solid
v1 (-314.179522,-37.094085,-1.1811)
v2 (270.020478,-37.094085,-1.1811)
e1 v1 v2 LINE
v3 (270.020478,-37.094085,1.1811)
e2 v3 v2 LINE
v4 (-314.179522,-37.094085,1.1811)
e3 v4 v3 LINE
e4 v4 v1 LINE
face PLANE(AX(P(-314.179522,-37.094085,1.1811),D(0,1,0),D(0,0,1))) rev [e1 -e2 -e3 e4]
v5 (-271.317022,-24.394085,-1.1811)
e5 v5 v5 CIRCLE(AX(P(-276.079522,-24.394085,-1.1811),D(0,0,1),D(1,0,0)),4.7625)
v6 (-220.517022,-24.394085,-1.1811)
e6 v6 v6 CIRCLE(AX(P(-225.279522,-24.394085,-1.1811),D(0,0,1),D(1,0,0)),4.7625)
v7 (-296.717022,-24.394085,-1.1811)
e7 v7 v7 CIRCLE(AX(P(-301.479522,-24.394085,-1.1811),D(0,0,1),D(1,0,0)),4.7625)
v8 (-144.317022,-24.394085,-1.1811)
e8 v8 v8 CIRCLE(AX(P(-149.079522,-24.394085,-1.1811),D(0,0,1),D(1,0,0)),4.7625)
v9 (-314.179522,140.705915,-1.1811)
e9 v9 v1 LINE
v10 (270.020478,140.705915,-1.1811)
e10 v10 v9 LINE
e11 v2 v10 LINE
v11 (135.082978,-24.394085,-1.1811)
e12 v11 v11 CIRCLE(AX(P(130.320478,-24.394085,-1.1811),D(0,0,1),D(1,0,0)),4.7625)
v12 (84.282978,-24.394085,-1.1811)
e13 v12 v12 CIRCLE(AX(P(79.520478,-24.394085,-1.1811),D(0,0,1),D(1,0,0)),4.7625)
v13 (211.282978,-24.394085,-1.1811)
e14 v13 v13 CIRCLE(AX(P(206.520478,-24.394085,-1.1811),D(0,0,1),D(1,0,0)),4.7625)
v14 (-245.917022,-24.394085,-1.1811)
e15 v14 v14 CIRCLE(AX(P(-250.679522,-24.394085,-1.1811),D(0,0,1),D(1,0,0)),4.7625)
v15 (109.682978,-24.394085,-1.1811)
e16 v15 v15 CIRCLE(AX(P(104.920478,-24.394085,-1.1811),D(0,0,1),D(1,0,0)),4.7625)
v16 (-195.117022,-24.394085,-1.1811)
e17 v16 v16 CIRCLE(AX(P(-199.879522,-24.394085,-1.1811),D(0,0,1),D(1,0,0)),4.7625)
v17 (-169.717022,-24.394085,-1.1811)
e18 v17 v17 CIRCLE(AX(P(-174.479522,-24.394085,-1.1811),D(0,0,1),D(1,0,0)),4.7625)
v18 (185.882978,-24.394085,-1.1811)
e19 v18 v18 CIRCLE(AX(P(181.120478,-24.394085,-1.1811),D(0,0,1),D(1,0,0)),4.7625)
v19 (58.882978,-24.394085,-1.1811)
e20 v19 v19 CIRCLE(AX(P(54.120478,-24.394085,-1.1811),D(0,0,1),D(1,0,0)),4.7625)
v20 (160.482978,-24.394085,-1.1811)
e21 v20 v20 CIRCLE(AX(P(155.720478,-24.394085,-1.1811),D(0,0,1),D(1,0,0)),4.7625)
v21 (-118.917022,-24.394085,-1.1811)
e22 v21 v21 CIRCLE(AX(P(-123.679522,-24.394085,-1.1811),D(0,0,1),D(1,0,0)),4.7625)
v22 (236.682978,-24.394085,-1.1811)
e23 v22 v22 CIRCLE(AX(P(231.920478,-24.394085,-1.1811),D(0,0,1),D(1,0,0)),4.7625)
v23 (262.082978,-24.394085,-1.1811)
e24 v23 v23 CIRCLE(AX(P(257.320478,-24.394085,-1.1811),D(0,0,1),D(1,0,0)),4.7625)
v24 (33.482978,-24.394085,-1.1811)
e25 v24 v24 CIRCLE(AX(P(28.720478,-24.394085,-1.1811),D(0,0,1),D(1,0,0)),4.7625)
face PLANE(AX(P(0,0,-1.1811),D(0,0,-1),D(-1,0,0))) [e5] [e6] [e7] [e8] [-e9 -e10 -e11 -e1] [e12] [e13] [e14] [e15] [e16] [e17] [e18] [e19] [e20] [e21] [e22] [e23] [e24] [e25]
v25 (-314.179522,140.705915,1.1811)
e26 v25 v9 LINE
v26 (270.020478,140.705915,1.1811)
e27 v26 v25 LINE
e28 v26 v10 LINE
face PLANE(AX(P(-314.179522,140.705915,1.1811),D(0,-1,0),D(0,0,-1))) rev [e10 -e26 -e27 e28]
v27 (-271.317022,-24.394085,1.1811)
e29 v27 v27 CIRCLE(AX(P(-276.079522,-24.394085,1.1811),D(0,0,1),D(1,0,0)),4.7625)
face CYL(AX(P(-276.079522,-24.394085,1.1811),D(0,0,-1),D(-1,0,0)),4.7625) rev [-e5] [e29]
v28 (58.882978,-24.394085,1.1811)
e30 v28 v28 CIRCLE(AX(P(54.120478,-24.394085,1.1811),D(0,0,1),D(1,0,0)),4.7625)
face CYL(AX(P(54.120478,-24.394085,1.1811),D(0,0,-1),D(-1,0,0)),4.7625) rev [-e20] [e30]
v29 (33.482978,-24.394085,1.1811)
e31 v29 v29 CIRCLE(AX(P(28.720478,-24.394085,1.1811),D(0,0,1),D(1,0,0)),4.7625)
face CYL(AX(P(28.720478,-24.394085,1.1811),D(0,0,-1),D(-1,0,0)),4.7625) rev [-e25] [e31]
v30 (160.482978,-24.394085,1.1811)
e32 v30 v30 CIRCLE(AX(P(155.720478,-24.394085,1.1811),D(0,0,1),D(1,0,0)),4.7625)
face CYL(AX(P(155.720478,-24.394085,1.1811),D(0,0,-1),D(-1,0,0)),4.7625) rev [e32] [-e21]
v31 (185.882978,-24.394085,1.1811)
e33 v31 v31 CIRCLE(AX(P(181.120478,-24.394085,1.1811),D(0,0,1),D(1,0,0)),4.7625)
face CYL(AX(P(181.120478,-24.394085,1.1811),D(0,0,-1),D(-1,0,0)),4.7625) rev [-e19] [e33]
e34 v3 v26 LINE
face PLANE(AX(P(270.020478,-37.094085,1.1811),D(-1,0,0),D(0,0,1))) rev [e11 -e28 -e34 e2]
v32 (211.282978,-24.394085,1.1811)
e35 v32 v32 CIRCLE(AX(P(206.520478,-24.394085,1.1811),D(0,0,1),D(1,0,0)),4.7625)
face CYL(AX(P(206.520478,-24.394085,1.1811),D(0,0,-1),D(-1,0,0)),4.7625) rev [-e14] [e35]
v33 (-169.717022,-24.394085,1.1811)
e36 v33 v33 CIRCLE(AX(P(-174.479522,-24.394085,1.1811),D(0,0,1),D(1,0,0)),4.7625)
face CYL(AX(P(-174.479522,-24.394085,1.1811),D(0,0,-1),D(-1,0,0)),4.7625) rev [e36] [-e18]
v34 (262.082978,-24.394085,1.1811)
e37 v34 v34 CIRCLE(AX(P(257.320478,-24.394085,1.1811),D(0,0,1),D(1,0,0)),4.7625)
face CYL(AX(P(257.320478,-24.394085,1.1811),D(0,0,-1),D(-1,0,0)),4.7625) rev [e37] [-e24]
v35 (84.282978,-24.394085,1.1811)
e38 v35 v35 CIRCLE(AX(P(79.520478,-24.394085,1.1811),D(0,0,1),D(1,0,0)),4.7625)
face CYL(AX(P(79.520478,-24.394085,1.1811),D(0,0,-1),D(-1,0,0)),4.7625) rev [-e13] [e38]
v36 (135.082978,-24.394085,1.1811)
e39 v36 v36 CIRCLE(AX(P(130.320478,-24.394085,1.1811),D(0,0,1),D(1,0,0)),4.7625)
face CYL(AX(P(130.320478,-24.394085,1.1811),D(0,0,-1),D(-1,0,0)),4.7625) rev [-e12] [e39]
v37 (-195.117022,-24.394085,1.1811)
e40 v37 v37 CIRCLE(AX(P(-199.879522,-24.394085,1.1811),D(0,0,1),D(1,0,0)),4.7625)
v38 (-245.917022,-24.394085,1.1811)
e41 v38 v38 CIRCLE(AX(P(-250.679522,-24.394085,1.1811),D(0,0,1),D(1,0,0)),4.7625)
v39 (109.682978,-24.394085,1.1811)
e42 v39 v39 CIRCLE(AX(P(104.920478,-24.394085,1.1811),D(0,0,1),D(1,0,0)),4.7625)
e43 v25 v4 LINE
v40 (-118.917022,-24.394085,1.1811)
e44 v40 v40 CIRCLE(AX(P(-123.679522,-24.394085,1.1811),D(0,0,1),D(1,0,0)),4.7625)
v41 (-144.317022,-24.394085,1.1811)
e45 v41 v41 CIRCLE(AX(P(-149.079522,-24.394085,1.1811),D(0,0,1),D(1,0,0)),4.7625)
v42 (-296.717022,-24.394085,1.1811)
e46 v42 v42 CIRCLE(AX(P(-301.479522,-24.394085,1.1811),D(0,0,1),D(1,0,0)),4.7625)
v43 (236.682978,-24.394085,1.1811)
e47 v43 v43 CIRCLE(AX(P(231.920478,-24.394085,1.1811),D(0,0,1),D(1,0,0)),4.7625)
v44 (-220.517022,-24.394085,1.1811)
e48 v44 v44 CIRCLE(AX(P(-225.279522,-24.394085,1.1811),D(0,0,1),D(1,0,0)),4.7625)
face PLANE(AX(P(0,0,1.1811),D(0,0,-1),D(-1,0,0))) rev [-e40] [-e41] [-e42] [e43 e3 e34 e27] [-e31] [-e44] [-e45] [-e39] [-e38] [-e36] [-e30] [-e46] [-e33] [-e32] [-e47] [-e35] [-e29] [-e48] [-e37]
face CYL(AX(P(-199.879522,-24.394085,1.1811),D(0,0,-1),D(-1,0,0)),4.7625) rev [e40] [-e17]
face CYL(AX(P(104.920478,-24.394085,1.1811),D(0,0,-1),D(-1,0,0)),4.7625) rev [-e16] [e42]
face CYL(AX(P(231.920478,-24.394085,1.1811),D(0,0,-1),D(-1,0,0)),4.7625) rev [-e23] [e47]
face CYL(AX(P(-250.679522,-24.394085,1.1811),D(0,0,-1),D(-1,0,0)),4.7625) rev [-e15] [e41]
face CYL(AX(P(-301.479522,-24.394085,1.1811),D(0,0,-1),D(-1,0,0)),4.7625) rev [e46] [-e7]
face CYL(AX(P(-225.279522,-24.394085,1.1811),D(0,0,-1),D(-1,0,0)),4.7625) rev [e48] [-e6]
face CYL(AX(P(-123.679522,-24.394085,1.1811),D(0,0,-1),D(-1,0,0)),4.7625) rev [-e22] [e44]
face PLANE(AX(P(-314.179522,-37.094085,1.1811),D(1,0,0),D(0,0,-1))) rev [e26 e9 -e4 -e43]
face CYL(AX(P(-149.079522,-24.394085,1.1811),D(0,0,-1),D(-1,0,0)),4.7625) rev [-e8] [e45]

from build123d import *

# Parameters (mm, degrees)
SKETCH1_W           = 584.2
SKETCH1_H           = 177.8
SKETCH1_R           = 4.7625
BOSS_EXTRUDE1_DEPTH = 1.1811


with BuildPart() as part:
    # Sketch1 → Boss-Extrude1 (new, symmetric)
    with BuildSketch(Plane.XY):
        with Locations((-22.079522351, 51.805915244)):
            Rectangle(SKETCH1_W, SKETCH1_H)
        with Locations((-301.479522351, -24.394084756)):
            Circle(SKETCH1_R, mode=Mode.SUBTRACT)
        with Locations((-276.079522351, -24.394084756)):
            Circle(SKETCH1_R, mode=Mode.SUBTRACT)
        with Locations((-250.679522351, -24.394084756)):
            Circle(SKETCH1_R, mode=Mode.SUBTRACT)
        with Locations((-225.279522351, -24.394084756)):
            Circle(SKETCH1_R, mode=Mode.SUBTRACT)
        with Locations((-199.879522351, -24.394084756)):
            Circle(SKETCH1_R, mode=Mode.SUBTRACT)
        with Locations((-174.479522351, -24.394084756)):
            Circle(SKETCH1_R, mode=Mode.SUBTRACT)
        with Locations((-149.079522351, -24.394084756)):
            Circle(SKETCH1_R, mode=Mode.SUBTRACT)
        with Locations((-123.679522351, -24.394084756)):
            Circle(SKETCH1_R, mode=Mode.SUBTRACT)
        with Locations((28.720477649, -24.394084756)):
            Circle(SKETCH1_R, mode=Mode.SUBTRACT)
        with Locations((54.120477649, -24.394084756)):
            Circle(SKETCH1_R, mode=Mode.SUBTRACT)
        with Locations((79.520477649, -24.394084756)):
            Circle(SKETCH1_R, mode=Mode.SUBTRACT)
        with Locations((104.920477649, -24.394084756)):
            Circle(SKETCH1_R, mode=Mode.SUBTRACT)
        with Locations((130.320477649, -24.394084756)):
            Circle(SKETCH1_R, mode=Mode.SUBTRACT)
        with Locations((155.720477649, -24.394084756)):
            Circle(SKETCH1_R, mode=Mode.SUBTRACT)
        with Locations((181.120477649, -24.394084756)):
            Circle(SKETCH1_R, mode=Mode.SUBTRACT)
        with Locations((206.520477649, -24.394084756)):
            Circle(SKETCH1_R, mode=Mode.SUBTRACT)
        with Locations((231.920477649, -24.394084756)):
            Circle(SKETCH1_R, mode=Mode.SUBTRACT)
        with Locations((257.320477649, -24.394084756)):
            Circle(SKETCH1_R, mode=Mode.SUBTRACT)
    extrude(amount=BOSS_EXTRUDE1_DEPTH, both=True)


solid = part.part
